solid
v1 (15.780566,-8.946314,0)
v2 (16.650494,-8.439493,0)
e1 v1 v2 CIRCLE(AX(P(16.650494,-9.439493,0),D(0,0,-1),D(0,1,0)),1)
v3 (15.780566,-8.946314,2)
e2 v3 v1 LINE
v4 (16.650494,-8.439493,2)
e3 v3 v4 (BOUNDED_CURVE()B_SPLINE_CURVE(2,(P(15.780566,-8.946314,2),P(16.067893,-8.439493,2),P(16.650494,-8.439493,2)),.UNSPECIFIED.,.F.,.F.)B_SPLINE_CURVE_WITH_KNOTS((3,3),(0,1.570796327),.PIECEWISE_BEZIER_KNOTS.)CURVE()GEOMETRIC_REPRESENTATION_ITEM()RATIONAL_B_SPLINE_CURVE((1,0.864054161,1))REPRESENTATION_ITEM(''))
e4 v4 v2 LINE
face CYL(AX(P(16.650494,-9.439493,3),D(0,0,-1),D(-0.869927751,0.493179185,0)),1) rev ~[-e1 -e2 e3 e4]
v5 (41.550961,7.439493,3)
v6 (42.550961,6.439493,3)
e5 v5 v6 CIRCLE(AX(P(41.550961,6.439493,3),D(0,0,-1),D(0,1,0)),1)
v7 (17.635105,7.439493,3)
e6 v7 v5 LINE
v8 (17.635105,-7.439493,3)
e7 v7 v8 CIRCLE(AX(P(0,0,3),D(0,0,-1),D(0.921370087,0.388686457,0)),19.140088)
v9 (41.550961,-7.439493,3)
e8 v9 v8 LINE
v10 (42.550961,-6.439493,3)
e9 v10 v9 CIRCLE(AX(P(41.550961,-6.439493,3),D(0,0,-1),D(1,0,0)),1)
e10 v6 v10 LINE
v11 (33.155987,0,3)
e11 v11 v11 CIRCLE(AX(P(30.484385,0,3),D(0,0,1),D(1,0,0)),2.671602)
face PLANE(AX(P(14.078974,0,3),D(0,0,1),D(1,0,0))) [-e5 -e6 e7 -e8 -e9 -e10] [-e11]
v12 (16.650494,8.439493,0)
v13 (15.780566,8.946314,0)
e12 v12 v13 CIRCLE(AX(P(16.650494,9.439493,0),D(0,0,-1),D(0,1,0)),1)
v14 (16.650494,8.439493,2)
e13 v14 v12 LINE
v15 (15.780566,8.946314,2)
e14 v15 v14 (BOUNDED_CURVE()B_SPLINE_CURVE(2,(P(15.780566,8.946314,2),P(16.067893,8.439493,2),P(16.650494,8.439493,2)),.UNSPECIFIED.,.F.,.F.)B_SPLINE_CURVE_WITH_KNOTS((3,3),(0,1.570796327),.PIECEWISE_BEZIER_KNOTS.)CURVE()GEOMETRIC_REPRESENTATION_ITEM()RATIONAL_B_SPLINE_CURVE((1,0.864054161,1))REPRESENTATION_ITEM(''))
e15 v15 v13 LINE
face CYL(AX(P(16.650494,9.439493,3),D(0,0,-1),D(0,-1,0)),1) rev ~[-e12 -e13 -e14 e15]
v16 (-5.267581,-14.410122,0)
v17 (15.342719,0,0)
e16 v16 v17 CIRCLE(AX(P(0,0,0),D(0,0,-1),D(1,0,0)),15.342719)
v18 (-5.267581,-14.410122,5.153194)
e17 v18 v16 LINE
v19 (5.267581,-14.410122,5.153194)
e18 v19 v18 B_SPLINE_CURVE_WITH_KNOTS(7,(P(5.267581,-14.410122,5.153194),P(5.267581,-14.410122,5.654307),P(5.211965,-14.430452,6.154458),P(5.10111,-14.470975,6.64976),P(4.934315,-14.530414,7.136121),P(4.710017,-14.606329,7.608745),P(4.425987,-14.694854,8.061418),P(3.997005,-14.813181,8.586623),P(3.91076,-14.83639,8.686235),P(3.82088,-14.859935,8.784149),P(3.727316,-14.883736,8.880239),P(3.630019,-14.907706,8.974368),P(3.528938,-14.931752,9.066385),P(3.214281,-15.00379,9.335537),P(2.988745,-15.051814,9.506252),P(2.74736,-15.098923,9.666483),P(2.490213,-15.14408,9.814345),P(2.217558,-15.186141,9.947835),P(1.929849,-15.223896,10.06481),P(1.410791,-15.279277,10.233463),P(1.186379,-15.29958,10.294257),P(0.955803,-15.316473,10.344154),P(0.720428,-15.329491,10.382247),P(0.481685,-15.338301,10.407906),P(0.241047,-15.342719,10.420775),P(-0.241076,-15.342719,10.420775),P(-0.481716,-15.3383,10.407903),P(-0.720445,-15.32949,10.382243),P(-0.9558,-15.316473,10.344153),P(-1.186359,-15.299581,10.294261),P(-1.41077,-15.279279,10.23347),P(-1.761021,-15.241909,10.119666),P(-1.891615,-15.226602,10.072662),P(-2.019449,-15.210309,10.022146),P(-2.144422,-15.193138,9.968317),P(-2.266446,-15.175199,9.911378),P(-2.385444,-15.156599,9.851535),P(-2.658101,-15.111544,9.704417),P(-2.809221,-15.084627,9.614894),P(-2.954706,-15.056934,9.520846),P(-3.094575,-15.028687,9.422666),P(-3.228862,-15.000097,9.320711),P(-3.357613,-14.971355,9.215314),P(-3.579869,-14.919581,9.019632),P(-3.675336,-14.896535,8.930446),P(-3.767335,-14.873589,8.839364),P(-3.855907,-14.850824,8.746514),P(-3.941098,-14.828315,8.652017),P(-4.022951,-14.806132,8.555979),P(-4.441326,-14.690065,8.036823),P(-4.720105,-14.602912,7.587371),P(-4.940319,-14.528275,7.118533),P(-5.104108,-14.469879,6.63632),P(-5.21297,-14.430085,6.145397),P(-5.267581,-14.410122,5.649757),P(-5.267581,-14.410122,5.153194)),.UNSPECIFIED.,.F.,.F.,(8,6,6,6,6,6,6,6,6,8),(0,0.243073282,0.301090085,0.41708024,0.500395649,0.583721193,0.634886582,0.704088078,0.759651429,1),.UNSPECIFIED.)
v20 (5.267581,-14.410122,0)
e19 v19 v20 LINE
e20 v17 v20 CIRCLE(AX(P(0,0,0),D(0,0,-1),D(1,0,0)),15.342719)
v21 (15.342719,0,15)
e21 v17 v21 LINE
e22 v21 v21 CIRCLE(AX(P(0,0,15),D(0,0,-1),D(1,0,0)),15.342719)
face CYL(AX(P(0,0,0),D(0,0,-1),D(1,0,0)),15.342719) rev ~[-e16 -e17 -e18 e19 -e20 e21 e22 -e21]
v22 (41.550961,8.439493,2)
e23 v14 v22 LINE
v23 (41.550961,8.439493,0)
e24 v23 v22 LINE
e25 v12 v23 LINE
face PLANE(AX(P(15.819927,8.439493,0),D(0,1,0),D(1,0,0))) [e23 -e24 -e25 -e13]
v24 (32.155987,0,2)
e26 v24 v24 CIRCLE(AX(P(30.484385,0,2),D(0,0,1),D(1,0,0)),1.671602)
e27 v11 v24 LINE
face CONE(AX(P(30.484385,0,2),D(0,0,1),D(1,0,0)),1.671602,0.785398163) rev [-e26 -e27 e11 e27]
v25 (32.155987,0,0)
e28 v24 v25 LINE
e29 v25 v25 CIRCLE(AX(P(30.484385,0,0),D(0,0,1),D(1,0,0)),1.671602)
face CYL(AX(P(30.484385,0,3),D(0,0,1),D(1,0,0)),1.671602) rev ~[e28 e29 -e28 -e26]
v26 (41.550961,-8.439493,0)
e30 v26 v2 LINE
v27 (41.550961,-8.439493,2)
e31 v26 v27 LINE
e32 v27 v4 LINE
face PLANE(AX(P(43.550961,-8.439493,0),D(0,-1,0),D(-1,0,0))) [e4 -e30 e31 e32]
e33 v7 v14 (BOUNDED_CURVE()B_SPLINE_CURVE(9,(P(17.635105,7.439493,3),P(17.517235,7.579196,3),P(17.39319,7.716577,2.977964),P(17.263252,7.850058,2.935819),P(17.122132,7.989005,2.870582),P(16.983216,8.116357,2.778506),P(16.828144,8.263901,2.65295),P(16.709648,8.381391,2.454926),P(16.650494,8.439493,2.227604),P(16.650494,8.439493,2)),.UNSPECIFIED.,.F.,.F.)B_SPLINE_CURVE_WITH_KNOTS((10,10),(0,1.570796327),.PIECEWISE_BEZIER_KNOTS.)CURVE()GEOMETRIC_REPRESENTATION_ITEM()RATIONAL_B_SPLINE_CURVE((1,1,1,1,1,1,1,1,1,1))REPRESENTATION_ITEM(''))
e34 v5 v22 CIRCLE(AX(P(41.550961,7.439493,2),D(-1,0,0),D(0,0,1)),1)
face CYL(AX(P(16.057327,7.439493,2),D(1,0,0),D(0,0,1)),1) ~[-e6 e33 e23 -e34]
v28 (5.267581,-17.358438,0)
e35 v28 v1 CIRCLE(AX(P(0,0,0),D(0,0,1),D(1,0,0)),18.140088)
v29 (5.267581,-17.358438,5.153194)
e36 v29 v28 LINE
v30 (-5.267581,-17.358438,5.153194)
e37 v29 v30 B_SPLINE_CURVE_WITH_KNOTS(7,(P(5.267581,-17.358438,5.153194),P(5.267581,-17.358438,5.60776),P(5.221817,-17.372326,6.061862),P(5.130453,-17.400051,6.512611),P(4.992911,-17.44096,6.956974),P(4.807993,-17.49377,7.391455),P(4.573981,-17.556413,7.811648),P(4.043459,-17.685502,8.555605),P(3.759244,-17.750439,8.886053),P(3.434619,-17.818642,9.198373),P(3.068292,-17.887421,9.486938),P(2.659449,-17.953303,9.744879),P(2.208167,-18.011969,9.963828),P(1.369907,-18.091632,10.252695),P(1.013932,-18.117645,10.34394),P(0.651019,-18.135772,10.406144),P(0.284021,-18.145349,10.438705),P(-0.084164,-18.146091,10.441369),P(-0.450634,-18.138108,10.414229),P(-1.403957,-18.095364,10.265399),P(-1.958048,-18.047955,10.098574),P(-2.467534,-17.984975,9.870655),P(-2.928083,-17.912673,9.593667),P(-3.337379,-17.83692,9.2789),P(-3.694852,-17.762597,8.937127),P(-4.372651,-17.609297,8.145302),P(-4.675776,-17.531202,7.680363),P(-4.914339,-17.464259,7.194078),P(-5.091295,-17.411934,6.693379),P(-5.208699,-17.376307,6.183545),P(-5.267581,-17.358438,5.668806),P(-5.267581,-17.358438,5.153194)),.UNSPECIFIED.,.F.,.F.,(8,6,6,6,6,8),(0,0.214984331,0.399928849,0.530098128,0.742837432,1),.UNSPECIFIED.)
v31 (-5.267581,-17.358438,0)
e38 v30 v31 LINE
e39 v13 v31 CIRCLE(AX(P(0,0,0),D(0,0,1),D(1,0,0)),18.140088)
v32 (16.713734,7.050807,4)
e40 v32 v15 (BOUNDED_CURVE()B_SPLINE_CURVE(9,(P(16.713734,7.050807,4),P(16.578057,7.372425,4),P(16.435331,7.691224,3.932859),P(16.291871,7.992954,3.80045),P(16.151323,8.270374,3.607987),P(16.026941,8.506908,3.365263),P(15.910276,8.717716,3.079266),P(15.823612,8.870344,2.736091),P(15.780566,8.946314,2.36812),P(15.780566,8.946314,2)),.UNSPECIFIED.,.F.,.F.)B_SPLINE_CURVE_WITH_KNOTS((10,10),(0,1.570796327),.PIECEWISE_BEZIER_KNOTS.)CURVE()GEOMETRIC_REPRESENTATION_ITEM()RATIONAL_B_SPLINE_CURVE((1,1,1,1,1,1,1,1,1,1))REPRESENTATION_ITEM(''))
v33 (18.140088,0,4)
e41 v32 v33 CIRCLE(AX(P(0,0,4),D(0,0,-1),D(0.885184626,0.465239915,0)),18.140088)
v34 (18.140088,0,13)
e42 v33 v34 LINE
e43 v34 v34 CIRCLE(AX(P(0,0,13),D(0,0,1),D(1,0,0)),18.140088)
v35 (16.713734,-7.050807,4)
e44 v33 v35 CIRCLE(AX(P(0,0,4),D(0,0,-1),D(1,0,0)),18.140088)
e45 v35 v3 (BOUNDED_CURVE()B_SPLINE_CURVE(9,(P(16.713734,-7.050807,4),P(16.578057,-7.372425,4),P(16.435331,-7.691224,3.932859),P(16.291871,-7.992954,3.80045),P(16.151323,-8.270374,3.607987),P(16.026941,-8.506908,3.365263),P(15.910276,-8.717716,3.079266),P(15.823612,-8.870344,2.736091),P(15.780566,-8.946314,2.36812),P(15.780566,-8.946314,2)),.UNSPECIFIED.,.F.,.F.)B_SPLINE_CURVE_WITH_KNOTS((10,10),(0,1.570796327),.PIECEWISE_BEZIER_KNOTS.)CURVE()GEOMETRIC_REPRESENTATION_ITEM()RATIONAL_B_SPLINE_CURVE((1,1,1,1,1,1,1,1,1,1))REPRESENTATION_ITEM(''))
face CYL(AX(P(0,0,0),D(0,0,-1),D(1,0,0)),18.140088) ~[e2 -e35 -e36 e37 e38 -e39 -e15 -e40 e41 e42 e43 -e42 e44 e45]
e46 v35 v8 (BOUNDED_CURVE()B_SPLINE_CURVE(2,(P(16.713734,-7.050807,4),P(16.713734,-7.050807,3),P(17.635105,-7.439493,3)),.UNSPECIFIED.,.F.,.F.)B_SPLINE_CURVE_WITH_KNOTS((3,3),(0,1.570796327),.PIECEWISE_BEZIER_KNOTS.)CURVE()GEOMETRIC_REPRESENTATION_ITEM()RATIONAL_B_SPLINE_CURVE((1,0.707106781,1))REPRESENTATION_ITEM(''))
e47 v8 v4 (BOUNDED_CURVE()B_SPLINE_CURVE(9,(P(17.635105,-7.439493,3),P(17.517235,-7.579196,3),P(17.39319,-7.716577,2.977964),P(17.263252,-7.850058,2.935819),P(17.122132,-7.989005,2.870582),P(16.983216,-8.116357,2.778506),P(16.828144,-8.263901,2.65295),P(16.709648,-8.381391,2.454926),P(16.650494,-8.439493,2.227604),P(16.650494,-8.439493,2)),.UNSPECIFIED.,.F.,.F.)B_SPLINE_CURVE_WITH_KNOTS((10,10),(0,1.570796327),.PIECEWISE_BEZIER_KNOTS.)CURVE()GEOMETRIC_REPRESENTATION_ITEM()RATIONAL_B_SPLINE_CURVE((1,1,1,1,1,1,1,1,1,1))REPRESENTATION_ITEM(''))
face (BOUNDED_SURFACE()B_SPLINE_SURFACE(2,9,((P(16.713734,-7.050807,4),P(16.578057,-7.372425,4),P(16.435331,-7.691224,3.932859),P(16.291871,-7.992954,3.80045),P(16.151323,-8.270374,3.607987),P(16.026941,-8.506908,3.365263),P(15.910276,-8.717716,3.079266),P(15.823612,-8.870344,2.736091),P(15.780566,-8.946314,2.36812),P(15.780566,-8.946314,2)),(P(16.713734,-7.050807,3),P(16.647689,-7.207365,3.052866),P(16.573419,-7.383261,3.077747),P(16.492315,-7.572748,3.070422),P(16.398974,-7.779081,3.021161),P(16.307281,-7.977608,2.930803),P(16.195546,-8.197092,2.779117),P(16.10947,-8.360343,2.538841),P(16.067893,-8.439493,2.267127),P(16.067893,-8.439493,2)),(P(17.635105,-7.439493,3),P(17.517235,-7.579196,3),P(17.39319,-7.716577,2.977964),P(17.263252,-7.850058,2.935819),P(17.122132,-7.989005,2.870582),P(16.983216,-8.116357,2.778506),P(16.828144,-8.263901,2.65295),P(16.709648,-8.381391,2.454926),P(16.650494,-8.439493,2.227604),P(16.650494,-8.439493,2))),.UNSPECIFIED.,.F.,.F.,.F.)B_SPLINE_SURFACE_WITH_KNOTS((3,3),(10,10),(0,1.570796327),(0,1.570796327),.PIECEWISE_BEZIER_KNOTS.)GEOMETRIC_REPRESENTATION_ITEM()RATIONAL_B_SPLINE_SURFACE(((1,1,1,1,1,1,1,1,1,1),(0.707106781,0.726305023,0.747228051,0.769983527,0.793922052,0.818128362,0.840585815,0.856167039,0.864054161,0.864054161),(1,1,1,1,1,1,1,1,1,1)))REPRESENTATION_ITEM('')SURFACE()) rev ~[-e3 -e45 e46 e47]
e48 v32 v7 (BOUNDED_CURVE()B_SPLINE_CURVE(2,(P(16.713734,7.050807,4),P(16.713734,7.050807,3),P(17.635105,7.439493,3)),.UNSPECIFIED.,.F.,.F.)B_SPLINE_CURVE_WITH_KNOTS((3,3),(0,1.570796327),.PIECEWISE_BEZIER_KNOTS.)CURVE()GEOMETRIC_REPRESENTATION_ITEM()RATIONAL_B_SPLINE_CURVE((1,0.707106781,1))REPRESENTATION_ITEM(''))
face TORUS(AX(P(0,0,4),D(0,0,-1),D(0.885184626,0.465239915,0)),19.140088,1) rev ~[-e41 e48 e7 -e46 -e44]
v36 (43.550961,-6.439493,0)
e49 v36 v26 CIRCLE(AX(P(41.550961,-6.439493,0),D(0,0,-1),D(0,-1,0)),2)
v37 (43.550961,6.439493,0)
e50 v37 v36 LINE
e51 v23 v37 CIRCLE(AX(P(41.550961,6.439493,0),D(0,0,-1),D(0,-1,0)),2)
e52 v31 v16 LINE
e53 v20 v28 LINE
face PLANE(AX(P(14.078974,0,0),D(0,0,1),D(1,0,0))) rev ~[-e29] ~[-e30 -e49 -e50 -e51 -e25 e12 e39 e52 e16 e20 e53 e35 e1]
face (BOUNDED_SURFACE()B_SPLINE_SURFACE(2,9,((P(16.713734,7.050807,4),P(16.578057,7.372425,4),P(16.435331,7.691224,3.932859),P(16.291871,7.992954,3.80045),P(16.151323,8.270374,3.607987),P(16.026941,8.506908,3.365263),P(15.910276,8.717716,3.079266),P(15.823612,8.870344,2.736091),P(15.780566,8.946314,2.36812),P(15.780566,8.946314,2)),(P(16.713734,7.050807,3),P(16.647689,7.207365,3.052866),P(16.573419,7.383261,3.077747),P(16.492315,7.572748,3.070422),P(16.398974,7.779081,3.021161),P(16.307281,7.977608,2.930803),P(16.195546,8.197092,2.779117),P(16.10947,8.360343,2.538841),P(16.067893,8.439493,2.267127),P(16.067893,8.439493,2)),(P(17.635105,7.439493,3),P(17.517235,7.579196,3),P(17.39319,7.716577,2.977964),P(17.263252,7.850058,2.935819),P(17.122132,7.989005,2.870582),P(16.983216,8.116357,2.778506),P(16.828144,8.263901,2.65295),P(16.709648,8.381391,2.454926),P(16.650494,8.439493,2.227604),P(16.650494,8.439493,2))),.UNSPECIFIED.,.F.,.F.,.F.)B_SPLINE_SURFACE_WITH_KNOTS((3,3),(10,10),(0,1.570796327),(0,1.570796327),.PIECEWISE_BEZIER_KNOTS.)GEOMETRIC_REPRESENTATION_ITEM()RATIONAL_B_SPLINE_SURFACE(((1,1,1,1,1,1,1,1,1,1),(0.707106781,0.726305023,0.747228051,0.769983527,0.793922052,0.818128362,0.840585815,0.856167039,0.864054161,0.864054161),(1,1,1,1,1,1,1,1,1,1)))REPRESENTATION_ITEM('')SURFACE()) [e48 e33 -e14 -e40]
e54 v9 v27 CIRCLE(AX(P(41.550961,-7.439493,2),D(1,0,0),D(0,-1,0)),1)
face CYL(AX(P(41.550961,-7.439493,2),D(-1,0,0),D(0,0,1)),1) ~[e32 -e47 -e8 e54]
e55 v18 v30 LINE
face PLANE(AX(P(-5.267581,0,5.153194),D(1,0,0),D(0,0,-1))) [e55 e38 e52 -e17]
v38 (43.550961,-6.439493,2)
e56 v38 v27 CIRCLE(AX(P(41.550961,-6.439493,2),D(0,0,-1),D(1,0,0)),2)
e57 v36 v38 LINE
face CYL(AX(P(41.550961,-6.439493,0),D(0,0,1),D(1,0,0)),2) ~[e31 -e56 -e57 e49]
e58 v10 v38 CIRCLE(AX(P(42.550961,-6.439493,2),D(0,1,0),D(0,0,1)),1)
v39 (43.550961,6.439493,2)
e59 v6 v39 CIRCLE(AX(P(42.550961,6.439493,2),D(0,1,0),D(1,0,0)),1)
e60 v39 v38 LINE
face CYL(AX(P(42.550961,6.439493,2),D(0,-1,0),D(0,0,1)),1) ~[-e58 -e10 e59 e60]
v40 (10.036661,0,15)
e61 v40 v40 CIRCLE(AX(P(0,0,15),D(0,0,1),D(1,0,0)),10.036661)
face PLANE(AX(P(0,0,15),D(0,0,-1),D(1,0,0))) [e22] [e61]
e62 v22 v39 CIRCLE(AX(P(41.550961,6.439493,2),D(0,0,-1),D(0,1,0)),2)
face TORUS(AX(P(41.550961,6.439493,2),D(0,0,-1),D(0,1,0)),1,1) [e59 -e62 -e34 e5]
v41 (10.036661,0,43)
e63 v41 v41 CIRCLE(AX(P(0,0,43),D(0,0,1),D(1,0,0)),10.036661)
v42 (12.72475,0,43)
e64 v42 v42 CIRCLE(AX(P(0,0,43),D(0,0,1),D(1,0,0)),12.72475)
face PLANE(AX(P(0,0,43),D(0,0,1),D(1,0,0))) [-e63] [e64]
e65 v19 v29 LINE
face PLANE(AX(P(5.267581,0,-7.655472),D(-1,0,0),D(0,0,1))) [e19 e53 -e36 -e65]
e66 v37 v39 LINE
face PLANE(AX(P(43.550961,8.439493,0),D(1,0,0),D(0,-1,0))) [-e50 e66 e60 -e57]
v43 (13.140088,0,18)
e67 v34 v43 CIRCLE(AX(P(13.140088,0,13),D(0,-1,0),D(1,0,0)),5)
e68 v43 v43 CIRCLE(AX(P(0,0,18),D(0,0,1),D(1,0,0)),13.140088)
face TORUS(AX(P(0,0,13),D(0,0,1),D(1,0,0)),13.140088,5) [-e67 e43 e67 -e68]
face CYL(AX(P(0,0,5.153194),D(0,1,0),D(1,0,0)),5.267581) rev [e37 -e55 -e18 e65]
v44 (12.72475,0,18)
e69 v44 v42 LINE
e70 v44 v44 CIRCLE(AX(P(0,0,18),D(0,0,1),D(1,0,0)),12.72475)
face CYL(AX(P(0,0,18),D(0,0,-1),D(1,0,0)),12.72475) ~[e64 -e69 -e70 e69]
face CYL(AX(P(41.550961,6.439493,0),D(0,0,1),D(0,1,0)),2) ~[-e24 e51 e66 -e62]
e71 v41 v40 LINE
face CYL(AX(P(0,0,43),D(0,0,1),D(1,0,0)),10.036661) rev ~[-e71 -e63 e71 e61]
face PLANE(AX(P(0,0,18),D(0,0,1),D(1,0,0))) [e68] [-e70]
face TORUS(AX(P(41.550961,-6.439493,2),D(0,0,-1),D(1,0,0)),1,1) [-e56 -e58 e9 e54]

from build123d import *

# Parameters (mm, degrees)
PAD_DEPTH       = 3
SKETCH001_R     = 18.140088
PAD001_DEPTH    = 18
SKETCH002_R     = 12.72475
PAD002_DEPTH    = 25
FILLET_R        = 5
SKETCH003_R     = 10.036661
POCKET_DEPTH    = 39
SKETCH004_R     = 15.342719
POCKET001_DEPTH = 15
SKETCH005_R     = 1.671602
POCKET002_DEPTH = 9
CHAMFER_SIZE    = 1
POCKET003_DEPTH = 24
FILLET001_R     = 2
FILLET002_R     = 1


with BuildPart() as part:
    # Sketch → Pad (new body)
    with BuildSketch(Plane.XY):
        with BuildLine():
            ThreePointArc((15.819927, 8.439493), (-17.930285, 0), (15.819927, -8.439493))
            Line((43.550961, -8.439493), (15.819927, -8.439493))
            Line((43.550961, 8.439493), (43.550961, -8.439493))
            Line((15.819927, 8.439493), (43.550961, 8.439493))
        make_face()
    extrude(amount=PAD_DEPTH)

    # Sketch001 (on Face6 of Pad) → Pad001 (join)
    with BuildSketch(Plane.XY):
        Circle(SKETCH001_R)
    extrude(amount=PAD001_DEPTH)

    # Sketch002 (on Face9 of Pad001) → Pad002 (join)
    with BuildSketch(Plane.XY.offset(18)):
        Circle(SKETCH002_R)
    extrude(amount=PAD002_DEPTH)

    # Fillet
    fillet_edges = [part.edges().sort_by_distance(p)[0] for p in [
        (-18.140088, 0, 18),
    ]]
    fillet(fillet_edges, radius=FILLET_R)

    # Sketch003 (on Face12 of Fillet) → Pocket (cut)
    with BuildSketch(Plane.XY.offset(43)):
        Circle(SKETCH003_R)
    extrude(amount=-POCKET_DEPTH, mode=Mode.SUBTRACT)

    # Sketch004 (on Face10 of Pocket) → Pocket001 (cut)
    with BuildSketch(Plane(origin=(0, 0, 0), x_dir=(1, 0, 0), z_dir=(0, 0, -1))):
        Circle(SKETCH004_R)
    extrude(amount=-POCKET001_DEPTH, mode=Mode.SUBTRACT)

    # Sketch005 (on Face3 of Pocket001) → Pocket002 (cut)
    with BuildSketch(Plane.XY.offset(3)):
        with Locations((30.484385, 0)):
            Circle(SKETCH005_R)
    extrude(amount=-POCKET002_DEPTH, mode=Mode.SUBTRACT)

    # Chamfer
    chamfer_edges = [part.edges().sort_by_distance(p)[0] for p in [
        (28.812783, 0, 3),
    ]]
    chamfer(chamfer_edges, length=CHAMFER_SIZE)

    # Sketch006 → Pocket003 (cut)
    with BuildSketch(Plane.XZ):
        with BuildLine():
            ThreePointArc((5.267581, 5.153194), (0, 10.420775), (-5.267581, 5.153194))
            Line((-5.267581, 5.153194), (-5.267581, -7.655472))
            ThreePointArc((-5.267581, -7.655472), (0, -12.923053), (5.267581, -7.655472))
            Line((5.267581, -7.655472), (5.267581, 5.153194))
        make_face()
    extrude(amount=POCKET003_DEPTH, mode=Mode.SUBTRACT)

    # Fillet001
    fillet001_edges = [part.edges().sort_by_distance(p)[0] for p in [
        (43.550961, -8.439493, 1.5),
        (43.550961, 8.439493, 1.5),
    ]]
    fillet(fillet001_edges, radius=FILLET001_R)

    # Fillet002
    fillet002_edges = [part.edges().sort_by_distance(p)[0] for p in [
        (28.804144, -8.439493, 3),
        (28.804144, 8.439493, 3),
        (17.611702, -4.346347, 3),
        (17.611702, 4.346347, 3),
        (16.057327, -8.439493, 1.5),
        (42.965175, -7.853707, 3),
        (43.550961, 0, 3),
        (42.965175, 7.853707, 3),
        (16.057327, 8.439493, 1.5),
    ]]
    fillet(fillet002_edges, radius=FILLET002_R)


solid = part.part
